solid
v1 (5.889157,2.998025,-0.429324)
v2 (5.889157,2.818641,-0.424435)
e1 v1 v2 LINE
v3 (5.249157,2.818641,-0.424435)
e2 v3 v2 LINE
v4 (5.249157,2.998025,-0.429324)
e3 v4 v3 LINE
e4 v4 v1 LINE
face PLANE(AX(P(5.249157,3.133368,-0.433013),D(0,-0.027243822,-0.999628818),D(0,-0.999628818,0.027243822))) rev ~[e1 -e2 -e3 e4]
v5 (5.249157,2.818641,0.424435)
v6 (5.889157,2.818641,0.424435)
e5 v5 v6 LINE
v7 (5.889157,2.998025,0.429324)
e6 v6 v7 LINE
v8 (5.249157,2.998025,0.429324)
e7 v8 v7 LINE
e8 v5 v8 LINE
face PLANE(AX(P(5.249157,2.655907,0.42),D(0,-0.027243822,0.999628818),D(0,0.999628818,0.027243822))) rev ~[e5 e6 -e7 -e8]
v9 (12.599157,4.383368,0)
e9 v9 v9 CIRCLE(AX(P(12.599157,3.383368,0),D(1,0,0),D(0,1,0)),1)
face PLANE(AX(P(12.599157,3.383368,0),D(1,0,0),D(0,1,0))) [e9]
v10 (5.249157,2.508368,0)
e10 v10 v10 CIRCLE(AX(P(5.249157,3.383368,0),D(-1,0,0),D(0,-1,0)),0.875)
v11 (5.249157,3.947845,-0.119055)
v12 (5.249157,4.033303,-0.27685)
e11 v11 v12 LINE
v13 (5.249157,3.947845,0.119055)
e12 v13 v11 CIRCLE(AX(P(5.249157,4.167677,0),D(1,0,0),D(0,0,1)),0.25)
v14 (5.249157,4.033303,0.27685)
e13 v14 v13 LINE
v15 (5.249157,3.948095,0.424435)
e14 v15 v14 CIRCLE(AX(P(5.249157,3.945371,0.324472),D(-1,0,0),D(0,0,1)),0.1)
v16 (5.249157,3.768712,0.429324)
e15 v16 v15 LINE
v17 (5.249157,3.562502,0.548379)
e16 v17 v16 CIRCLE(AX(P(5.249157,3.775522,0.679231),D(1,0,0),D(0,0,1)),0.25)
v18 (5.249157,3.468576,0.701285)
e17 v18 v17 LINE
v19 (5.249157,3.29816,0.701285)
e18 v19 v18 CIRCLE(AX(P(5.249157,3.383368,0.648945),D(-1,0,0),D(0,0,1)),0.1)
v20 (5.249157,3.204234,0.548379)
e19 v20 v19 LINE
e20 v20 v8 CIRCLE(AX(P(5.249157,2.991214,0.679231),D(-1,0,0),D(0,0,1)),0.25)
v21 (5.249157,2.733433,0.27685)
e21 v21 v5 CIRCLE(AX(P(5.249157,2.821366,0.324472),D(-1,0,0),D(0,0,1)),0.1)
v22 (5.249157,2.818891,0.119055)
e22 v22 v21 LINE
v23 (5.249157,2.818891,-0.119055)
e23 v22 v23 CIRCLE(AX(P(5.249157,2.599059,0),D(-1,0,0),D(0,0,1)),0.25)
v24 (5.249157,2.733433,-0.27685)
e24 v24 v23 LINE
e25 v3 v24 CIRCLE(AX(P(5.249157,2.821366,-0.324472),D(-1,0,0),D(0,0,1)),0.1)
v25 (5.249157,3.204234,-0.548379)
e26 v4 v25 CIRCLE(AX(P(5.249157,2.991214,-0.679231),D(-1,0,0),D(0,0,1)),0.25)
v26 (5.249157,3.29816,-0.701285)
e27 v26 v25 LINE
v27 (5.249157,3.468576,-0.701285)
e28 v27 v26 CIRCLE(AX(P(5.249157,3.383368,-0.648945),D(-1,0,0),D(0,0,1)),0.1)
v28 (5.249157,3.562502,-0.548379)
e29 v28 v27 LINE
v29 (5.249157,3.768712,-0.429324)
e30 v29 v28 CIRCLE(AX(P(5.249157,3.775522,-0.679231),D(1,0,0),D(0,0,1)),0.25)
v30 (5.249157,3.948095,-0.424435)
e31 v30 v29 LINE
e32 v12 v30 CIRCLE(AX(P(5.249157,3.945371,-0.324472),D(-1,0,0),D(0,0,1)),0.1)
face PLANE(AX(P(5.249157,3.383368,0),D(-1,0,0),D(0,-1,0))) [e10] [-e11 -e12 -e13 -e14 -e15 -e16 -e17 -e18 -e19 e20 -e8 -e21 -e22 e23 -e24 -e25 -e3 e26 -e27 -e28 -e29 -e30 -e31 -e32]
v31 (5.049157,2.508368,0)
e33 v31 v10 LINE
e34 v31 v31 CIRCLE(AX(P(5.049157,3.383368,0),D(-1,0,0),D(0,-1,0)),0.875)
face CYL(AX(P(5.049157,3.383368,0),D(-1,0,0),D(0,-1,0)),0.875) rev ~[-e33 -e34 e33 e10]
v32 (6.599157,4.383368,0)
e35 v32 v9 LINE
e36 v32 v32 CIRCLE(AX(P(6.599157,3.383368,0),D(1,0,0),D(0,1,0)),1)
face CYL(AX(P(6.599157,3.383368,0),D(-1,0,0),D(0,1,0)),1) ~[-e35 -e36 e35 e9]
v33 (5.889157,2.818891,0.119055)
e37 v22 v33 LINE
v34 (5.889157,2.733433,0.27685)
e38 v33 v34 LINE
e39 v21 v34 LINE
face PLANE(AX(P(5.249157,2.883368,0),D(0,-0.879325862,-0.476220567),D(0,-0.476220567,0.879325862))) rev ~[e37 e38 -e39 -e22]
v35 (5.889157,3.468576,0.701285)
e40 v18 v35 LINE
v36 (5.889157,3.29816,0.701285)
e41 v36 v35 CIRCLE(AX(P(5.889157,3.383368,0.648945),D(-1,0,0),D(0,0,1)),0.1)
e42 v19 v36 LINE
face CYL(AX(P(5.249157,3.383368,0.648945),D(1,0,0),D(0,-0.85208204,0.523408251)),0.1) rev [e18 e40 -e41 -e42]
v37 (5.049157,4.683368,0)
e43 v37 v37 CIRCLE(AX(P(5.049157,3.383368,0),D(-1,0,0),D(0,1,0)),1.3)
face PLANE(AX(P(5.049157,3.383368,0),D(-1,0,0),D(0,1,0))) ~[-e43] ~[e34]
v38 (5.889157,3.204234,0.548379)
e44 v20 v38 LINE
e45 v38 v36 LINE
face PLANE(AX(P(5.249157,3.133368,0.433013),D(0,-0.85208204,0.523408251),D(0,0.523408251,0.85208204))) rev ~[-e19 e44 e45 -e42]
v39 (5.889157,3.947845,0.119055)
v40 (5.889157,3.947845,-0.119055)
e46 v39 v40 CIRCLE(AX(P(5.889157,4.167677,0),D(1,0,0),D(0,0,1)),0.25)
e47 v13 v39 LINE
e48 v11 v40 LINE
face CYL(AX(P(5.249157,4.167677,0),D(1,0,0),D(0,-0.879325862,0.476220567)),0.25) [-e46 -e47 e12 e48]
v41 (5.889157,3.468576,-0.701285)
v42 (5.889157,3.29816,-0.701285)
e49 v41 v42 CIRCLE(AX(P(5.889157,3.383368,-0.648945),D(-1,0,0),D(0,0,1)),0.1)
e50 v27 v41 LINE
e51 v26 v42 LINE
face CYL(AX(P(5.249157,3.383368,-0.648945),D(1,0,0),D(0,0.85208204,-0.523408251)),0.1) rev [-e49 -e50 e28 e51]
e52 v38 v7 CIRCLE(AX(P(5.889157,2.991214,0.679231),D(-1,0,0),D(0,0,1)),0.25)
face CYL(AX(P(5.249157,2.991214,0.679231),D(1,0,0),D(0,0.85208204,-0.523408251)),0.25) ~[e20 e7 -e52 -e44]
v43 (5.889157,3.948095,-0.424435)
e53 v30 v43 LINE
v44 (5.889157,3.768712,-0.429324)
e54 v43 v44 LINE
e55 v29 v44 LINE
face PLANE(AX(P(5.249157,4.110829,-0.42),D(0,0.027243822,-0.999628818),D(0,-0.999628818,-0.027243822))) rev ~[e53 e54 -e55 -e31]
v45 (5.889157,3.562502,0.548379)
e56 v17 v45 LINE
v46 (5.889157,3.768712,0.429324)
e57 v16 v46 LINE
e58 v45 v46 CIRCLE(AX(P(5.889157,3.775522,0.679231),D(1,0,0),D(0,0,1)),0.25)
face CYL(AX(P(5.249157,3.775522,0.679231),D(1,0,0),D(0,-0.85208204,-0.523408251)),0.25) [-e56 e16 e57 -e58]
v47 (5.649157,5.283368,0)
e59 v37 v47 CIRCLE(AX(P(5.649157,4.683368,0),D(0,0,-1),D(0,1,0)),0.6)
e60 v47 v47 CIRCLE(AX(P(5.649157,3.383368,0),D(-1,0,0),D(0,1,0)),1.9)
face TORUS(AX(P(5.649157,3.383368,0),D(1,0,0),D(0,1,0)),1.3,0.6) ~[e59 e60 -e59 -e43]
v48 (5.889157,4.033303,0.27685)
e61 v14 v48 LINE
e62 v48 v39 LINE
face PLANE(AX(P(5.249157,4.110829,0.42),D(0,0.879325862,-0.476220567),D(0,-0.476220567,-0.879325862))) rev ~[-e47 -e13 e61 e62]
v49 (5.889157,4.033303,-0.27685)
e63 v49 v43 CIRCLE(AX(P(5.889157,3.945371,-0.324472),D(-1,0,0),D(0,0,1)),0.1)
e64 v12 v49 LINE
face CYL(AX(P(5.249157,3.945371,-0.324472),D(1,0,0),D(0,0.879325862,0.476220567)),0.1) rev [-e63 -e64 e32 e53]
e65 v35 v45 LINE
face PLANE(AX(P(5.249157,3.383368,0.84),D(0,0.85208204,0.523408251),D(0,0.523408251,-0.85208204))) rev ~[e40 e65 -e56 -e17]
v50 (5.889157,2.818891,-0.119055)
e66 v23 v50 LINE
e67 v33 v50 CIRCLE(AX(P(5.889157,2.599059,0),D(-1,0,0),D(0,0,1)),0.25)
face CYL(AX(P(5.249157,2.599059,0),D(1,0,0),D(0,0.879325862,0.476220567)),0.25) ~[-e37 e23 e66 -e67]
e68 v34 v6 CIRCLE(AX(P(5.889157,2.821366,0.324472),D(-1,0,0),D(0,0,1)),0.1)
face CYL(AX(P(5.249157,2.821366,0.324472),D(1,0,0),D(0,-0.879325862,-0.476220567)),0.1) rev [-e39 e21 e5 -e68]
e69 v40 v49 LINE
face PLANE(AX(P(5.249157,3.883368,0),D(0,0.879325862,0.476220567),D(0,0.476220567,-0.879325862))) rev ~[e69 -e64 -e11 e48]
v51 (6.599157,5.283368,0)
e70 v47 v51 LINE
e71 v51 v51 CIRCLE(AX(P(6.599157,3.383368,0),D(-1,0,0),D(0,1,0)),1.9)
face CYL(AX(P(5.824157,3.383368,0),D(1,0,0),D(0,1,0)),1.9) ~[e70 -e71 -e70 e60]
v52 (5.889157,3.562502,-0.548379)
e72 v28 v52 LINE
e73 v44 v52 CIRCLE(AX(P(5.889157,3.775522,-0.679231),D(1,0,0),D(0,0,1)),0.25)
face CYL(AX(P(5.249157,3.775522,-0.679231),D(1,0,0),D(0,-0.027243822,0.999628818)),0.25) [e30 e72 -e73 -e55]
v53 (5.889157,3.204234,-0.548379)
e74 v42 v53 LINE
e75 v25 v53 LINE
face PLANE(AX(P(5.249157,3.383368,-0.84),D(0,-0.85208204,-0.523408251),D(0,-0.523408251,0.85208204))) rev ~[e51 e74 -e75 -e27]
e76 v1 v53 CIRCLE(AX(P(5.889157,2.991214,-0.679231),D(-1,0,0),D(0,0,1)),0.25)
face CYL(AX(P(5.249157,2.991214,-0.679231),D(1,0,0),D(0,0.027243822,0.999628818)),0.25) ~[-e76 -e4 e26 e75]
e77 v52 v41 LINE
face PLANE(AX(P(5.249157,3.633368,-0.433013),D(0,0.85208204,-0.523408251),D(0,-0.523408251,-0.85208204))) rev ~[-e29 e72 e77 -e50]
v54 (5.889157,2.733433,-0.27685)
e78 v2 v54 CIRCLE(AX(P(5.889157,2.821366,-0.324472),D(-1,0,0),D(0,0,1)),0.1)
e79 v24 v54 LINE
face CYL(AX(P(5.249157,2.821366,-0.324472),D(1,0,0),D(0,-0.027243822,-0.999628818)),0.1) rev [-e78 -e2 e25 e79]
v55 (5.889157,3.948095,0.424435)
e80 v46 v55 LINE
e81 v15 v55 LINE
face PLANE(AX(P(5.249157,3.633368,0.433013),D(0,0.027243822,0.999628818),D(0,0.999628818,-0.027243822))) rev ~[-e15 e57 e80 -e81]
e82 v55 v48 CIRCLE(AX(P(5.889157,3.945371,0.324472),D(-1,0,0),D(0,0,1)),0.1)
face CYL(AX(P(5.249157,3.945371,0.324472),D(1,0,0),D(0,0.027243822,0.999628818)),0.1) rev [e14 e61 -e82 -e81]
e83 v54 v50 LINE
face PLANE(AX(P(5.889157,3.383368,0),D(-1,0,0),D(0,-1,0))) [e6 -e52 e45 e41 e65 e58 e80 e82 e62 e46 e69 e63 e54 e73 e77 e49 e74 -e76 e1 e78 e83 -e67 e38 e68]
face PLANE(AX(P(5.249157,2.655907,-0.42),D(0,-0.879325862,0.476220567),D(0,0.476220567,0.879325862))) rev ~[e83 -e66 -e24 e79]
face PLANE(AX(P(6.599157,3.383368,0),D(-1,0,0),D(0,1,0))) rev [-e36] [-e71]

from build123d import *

# Parameters (mm, degrees)
F0_W     = 1.55
F0_H     = 1.9
F2_R     = 0.6
F3_R     = 0.875
F4_DEPTH = 0.2
F5_R     = 1
F6_DEPTH = 6
F8_DEPTH = 0.64
F9_R     = 0.1
F10_R    = 0.25


with BuildPart() as f1:
    # F0 (on Top) → F1 (revolve)
    with BuildSketch(Plane.XY):
        with Locations((5.8241569564, 4.3333681053)):
            Rectangle(F0_W, F0_H)
    revolve(axis=Axis((5.8241569564, 3.3833681053, 0), (-1, 0, 0)))

    # F2
    f2_edges = [f1.edges().sort_by_distance(p)[0] for p in [
        (5.049157, 1.483368, 0),
    ]]
    fillet(f2_edges, radius=F2_R)

    # F3 (on face) → F4 (cut)
    with BuildSketch(Plane(origin=(5.0491569564, 0, 0), x_dir=(0, -1, 0), z_dir=(-1, 0, 0))):
        with Locations((-3.3833681053, 0)):
            Circle(F3_R)
    extrude(amount=-F4_DEPTH, mode=Mode.SUBTRACT)

    # F5 (on face) → F6 (join)
    with BuildSketch(Plane.YZ.offset(6.5991569564)):
        with Locations((3.3833681053, 0)):
            Circle(F5_R)
    extrude(amount=F6_DEPTH)

    # F7 (on face) → F8 (cut)
    with BuildSketch(Plane(origin=(5.2491569564, 0, 0), x_dir=(0, -1, 0), z_dir=(-1, 0, 0))):
        Polygon((-3.1333681053, 0.4330127019), (-3.3833681053, 0.84), (-3.6333681053, 0.4330127019), (-4.1108294444, 0.42), (-3.8833681053, 0), (-4.1108294444, -0.42), (-3.6333681053, -0.4330127019), (-3.3833681053, -0.84), (-3.1333681053, -0.4330127019), (-2.6559067661, -0.42), (-2.8833681053, 0), (-2.6559067661, 0.42), align=None)
    extrude(amount=-F8_DEPTH, mode=Mode.SUBTRACT)

    # F9
    f9_edges = [f1.edges().sort_by_distance(p)[0] for p in [
        (5.569157, 3.383368, 0.84),
        (5.569157, 4.110829, 0.42),
        (5.569157, 4.110829, -0.42),
        (5.569157, 3.383368, -0.84),
        (5.569157, 2.655907, -0.42),
        (5.569157, 2.655907, 0.42),
    ]]
    fillet(f9_edges, radius=F9_R)

    # F10
    f10_edges = [f1.edges().sort_by_distance(p)[0] for p in [
        (5.569157, 3.633368, 0.433013),
        (5.569157, 3.883368, 0),
        (5.569157, 3.633368, -0.433013),
        (5.569157, 3.133368, 0.433013),
        (5.569157, 3.133368, -0.433013),
        (5.569157, 2.883368, 0),
    ]]
    fillet(f10_edges, radius=F10_R)


solid = f1.part
